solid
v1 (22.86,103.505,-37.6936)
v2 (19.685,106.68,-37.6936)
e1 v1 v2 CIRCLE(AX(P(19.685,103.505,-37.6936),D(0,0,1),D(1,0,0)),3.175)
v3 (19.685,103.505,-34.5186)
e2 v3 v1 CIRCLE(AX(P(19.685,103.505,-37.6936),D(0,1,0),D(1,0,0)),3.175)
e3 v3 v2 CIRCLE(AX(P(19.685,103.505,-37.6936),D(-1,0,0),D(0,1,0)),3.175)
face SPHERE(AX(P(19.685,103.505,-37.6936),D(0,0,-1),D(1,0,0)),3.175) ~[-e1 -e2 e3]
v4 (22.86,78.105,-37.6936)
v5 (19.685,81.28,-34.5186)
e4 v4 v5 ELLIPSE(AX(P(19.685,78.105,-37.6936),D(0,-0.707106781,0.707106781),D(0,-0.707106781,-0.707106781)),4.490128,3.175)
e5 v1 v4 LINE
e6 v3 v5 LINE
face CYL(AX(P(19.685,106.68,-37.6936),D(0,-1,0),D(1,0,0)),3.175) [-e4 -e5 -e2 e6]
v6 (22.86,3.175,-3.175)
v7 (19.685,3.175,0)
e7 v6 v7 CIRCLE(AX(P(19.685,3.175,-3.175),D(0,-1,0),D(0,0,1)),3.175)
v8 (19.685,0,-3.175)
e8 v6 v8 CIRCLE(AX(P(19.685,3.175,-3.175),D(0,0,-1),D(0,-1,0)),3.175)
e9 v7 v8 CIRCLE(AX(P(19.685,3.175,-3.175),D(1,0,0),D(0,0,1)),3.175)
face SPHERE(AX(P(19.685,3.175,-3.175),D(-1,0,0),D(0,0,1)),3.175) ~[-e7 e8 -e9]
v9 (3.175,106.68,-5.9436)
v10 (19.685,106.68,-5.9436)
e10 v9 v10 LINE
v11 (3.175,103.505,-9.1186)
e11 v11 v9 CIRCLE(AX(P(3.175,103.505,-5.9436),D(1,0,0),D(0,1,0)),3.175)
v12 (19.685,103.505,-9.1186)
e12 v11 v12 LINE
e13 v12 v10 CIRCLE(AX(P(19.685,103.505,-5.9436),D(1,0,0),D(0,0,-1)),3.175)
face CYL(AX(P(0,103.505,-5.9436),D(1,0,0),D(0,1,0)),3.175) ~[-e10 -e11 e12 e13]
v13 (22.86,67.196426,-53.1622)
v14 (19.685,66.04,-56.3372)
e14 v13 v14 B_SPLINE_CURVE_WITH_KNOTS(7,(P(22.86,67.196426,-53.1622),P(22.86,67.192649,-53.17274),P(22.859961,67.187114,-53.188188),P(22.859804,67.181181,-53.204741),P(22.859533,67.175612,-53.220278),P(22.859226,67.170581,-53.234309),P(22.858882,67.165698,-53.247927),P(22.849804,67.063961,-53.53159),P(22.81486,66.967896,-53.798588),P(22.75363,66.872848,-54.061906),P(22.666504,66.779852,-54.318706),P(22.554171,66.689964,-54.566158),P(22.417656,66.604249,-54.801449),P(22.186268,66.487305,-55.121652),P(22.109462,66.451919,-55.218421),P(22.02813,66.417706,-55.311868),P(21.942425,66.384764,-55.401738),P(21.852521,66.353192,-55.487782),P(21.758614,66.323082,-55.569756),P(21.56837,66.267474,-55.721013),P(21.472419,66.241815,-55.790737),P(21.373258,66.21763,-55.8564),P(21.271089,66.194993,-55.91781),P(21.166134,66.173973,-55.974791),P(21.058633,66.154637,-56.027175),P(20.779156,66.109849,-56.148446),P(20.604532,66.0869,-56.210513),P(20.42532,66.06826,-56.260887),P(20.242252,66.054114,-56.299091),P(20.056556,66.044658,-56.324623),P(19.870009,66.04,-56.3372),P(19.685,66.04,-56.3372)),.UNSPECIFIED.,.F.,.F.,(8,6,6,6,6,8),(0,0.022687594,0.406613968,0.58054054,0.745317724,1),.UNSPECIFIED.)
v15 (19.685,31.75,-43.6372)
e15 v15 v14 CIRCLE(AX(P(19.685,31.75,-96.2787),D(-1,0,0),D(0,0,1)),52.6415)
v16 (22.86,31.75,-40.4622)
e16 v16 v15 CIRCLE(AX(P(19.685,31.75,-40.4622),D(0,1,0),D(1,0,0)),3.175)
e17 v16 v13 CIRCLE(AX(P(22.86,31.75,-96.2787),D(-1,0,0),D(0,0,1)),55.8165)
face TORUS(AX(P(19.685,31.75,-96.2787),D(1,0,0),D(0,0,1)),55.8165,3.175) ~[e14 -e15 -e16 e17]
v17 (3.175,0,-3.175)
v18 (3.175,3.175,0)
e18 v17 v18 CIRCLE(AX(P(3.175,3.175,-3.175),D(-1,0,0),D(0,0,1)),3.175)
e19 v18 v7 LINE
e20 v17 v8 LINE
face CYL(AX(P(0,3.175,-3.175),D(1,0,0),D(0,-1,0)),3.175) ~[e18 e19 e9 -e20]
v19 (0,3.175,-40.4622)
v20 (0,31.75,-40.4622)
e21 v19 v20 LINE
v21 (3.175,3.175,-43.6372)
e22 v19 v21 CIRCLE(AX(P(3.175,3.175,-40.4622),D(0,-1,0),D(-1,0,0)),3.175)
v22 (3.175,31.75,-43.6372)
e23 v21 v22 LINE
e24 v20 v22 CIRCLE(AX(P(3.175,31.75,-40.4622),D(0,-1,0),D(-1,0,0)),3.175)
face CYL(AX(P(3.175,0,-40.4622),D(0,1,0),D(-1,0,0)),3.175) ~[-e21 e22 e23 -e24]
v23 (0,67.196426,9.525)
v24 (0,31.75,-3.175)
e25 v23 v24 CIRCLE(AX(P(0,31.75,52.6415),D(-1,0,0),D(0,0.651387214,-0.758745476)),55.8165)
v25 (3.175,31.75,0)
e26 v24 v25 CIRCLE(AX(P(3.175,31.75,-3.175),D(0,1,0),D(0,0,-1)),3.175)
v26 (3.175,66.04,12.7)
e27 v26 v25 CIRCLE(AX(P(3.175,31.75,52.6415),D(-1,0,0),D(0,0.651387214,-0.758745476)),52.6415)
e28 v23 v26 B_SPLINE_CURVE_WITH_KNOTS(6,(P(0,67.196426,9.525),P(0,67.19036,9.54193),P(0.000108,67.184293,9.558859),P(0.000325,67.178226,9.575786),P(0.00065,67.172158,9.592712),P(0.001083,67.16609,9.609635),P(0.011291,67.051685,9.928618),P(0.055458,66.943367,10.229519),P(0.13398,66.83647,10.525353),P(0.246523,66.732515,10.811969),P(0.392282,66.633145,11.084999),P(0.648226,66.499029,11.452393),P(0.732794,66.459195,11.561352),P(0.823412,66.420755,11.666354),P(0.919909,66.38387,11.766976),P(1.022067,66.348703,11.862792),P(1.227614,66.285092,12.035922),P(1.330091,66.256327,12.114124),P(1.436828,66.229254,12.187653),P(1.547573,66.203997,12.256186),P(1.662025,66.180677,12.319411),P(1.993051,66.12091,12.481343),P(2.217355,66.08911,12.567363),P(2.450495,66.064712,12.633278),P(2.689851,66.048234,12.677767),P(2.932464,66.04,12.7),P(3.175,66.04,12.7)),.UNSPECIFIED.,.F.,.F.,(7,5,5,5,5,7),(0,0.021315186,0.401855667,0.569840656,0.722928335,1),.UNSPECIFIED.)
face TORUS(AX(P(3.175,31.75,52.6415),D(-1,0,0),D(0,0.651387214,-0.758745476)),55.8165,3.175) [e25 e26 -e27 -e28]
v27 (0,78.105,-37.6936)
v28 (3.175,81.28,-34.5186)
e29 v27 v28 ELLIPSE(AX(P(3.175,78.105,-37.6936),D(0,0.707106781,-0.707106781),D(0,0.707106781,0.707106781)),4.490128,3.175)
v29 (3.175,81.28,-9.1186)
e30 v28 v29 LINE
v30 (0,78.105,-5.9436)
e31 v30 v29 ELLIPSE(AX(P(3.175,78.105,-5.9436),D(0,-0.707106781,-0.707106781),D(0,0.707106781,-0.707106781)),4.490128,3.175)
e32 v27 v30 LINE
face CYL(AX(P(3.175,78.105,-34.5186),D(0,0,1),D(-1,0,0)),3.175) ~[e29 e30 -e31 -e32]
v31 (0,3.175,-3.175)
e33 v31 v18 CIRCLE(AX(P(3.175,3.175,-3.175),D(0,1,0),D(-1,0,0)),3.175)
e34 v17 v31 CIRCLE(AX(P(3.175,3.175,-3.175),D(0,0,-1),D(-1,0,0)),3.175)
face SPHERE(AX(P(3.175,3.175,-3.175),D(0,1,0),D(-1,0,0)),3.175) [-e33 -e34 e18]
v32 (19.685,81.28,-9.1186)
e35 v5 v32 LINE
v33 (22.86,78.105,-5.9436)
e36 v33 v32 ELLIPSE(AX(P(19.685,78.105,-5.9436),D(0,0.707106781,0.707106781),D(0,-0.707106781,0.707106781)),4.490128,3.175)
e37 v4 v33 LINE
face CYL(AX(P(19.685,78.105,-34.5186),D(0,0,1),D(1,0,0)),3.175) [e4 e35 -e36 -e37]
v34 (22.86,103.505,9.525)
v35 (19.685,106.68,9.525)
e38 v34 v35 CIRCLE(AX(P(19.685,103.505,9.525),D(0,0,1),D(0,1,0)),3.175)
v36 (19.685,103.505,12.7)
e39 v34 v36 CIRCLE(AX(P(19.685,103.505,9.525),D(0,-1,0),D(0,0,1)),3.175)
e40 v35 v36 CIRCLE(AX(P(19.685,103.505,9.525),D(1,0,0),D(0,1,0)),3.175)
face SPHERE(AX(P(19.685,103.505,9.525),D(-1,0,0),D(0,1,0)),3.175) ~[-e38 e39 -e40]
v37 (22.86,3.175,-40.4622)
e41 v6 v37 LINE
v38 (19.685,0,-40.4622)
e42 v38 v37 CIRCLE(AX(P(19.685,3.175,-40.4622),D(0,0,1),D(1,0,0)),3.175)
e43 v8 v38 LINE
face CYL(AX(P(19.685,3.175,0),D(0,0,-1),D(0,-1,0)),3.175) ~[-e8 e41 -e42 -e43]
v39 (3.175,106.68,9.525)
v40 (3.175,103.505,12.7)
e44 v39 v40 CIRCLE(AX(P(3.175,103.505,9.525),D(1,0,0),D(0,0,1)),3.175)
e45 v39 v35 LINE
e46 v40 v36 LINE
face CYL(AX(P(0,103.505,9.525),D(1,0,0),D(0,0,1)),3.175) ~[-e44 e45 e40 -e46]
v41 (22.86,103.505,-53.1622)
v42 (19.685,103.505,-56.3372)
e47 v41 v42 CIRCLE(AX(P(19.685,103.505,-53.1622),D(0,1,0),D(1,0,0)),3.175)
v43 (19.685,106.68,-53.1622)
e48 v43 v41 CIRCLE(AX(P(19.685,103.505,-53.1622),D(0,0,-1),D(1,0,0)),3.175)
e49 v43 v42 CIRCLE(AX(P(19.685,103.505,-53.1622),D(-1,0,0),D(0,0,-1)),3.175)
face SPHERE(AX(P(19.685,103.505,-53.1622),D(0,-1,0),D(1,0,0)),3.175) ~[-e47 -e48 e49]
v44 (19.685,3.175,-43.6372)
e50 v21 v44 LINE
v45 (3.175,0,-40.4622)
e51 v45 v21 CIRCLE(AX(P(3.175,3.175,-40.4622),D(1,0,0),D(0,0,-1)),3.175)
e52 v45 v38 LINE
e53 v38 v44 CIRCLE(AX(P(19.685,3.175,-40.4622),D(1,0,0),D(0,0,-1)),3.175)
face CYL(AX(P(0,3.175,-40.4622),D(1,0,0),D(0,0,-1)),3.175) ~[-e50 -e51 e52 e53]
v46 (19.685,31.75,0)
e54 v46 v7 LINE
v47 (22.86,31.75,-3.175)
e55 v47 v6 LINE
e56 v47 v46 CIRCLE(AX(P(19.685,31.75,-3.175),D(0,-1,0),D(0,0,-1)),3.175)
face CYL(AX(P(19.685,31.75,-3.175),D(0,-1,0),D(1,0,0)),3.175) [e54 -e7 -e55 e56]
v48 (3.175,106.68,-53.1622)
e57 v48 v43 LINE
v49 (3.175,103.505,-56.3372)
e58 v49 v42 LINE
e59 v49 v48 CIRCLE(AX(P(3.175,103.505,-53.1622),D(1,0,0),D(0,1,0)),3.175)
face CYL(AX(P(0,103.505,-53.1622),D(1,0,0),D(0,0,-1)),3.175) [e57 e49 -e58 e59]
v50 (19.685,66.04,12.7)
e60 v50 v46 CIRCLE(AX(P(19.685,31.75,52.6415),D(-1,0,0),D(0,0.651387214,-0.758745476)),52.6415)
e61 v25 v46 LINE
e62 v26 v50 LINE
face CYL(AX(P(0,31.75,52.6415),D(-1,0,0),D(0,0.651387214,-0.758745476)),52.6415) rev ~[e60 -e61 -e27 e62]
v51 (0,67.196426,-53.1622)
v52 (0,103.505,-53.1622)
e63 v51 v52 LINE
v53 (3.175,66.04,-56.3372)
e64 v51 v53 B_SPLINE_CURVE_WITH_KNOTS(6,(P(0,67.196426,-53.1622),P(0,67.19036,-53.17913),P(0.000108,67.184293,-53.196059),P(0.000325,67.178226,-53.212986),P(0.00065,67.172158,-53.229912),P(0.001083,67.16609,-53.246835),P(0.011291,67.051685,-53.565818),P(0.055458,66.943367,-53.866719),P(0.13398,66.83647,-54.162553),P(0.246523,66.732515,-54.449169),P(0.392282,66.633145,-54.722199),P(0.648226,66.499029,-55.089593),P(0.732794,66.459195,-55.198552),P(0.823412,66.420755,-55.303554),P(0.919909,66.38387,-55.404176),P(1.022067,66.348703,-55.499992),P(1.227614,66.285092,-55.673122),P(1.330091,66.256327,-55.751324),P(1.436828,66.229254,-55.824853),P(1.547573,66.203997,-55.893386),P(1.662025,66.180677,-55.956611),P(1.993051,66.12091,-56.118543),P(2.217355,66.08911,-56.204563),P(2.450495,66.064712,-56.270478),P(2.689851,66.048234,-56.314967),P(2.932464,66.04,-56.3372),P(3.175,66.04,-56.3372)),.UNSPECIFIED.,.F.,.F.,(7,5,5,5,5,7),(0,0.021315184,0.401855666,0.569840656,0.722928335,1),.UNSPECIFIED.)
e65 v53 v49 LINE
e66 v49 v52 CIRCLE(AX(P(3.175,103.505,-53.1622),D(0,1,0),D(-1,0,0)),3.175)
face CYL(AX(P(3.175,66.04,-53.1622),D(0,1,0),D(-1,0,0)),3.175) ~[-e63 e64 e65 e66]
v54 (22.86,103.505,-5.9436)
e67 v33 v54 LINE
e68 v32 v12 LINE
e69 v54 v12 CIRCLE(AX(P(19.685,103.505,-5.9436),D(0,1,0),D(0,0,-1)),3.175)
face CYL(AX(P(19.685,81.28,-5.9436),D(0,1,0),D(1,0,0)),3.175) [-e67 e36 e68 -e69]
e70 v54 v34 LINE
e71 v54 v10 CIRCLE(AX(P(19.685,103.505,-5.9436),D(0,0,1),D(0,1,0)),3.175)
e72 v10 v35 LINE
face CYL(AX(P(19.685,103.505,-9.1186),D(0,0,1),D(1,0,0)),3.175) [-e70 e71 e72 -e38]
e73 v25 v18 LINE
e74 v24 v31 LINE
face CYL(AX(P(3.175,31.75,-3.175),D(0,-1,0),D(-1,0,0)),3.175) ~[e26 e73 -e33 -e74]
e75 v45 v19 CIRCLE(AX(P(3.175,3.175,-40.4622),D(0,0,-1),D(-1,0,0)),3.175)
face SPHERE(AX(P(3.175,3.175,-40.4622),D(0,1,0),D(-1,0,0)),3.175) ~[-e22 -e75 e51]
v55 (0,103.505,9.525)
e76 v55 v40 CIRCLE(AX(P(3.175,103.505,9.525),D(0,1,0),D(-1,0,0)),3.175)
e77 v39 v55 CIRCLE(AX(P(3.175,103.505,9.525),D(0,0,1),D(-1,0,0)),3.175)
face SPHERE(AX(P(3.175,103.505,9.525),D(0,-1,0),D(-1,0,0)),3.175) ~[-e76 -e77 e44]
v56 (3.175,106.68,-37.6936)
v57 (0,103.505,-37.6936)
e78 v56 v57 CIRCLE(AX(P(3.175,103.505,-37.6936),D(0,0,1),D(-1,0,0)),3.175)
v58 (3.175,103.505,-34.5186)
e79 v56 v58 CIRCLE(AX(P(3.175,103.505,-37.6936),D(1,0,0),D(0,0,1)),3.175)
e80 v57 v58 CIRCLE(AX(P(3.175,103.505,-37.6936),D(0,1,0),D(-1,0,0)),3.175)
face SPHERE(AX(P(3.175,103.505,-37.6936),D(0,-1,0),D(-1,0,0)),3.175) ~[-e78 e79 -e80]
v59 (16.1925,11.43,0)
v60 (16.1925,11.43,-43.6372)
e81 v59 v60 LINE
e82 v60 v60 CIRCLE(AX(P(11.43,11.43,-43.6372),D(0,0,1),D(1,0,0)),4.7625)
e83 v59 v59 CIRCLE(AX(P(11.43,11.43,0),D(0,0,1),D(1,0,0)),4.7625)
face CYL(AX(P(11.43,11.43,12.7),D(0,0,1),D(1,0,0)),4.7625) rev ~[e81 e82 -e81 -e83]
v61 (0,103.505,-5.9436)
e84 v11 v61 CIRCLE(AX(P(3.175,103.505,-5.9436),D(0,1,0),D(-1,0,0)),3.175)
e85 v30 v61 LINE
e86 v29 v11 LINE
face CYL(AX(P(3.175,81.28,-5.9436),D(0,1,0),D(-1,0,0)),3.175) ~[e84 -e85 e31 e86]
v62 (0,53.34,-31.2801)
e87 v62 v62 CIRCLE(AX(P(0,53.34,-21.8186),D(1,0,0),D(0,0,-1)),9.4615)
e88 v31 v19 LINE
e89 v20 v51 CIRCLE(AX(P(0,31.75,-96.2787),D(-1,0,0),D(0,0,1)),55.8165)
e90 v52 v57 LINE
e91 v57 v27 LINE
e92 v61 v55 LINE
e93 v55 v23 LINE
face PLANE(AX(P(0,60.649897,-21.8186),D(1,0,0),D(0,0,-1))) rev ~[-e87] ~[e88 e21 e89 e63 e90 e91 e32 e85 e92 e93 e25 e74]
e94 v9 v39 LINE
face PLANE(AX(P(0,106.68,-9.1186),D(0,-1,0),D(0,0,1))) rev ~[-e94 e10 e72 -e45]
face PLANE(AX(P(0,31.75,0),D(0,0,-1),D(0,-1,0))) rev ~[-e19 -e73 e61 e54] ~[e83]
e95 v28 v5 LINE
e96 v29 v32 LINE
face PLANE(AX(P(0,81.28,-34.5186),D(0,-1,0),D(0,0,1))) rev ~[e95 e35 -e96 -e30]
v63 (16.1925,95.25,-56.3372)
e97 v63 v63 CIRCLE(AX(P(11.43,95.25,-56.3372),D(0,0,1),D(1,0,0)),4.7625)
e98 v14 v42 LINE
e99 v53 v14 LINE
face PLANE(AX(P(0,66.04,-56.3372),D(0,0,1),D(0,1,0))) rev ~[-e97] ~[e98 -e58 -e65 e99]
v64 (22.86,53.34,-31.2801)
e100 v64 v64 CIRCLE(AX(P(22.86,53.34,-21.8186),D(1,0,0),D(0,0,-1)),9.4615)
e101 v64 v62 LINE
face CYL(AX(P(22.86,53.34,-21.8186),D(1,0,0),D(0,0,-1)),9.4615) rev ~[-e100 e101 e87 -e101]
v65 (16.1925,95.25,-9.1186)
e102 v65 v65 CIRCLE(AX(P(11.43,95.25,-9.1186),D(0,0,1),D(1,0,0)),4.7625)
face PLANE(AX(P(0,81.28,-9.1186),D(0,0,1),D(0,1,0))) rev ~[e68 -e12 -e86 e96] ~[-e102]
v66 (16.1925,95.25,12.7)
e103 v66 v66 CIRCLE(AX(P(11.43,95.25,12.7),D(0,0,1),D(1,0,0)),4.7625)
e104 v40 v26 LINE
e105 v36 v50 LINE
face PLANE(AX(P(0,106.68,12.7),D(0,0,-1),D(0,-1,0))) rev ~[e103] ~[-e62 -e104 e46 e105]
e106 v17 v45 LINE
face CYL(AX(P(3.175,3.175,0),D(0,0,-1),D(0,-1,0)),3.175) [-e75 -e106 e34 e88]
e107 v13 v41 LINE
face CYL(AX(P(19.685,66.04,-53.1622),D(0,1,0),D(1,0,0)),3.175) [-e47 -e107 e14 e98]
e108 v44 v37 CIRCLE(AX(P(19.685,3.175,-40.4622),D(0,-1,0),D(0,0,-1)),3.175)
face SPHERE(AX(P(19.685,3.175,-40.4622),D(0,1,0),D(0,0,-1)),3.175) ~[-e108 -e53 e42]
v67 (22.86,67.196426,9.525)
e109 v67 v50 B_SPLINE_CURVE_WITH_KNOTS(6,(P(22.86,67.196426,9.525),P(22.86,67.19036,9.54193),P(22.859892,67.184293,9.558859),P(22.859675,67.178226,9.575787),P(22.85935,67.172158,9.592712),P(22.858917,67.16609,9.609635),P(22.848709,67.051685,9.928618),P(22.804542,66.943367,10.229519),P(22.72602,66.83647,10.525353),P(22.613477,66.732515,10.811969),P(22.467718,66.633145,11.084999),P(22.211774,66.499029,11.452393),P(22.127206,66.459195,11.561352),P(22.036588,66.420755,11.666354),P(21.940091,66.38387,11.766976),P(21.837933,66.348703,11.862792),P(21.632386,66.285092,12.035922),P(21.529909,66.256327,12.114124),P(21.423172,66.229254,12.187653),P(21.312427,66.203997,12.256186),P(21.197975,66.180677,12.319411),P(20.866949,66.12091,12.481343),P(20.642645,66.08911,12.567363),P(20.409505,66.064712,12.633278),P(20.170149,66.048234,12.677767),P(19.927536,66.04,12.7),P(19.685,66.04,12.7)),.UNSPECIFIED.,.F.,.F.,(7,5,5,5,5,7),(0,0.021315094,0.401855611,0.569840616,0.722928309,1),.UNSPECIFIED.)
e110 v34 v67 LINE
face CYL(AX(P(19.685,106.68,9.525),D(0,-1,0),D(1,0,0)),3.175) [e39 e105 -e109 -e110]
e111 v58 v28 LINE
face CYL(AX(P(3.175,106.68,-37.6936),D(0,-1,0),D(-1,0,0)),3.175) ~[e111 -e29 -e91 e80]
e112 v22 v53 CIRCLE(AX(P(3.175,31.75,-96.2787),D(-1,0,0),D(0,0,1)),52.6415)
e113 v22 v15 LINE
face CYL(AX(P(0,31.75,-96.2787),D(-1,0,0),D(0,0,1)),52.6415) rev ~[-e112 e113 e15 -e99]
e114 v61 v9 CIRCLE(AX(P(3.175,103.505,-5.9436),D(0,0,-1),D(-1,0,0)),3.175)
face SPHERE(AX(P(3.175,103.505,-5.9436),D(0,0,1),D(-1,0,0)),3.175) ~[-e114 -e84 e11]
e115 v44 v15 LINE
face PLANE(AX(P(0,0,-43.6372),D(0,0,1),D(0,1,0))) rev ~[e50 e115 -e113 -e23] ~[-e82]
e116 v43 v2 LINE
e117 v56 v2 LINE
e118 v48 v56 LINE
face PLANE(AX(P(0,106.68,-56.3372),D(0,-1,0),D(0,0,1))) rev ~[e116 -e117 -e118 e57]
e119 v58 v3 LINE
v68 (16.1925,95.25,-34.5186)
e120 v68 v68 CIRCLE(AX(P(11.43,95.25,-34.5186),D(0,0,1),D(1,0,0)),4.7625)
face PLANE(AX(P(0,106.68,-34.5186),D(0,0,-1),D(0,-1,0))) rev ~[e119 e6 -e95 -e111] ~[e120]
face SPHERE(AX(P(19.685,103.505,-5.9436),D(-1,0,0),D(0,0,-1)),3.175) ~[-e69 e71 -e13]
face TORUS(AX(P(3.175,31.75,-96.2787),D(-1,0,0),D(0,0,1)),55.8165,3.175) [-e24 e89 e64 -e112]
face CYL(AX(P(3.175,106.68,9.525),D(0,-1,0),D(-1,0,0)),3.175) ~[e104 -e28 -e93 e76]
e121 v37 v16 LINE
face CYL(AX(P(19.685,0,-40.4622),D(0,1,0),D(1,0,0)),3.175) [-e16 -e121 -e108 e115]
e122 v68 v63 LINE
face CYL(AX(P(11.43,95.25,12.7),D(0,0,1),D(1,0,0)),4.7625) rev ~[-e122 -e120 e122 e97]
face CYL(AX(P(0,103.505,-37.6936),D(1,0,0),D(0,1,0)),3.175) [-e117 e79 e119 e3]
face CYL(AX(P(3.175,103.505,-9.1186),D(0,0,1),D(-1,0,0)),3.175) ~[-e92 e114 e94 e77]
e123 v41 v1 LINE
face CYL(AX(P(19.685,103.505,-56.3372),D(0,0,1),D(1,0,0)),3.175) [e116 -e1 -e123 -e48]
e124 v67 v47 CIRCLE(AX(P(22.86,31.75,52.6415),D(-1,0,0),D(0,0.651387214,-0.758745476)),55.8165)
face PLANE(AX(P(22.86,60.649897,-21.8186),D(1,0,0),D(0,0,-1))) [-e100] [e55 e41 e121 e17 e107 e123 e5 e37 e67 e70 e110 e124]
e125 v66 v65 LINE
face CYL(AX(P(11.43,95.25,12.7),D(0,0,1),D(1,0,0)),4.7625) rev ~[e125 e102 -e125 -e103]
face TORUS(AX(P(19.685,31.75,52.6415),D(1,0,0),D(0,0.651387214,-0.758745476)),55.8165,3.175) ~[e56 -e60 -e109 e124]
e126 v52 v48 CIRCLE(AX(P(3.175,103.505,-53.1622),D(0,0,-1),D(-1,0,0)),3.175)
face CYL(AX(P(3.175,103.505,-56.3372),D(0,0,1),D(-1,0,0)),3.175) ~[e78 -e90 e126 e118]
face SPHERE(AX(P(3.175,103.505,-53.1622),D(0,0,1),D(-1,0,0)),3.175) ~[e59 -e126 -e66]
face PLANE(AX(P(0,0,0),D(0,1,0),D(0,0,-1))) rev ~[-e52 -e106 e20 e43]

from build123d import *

# Parameters (mm, degrees)
BOSS_EXTRUDE1_DEPTH = 22.86
SKETCH2_R           = 4.7625
CUT_EXTRUDE1_DEPTH  = 70.0372
SKETCH3_R           = 9.4615
CUT_EXTRUDE2_DEPTH  = 23.86
FILLET1_R           = 3.175


with BuildPart() as part:
    # Sketch1 → Boss-Extrude1 (new body)
    with BuildSketch(Plane(origin=(0, 0, 0), x_dir=(0, 0, -1), z_dir=(1, 0, 0))):
        with BuildLine():
            Line((43.6372, 0), (43.6372, 31.75))
            ThreePointArc((43.6372, 31.75), (46.914198612, 50.033148662), (56.3372, 66.04))
            Line((56.3372, 66.04), (56.3372, 106.68))
            Line((56.3372, 106.68), (34.5186, 106.68))
            Line((34.5186, 106.68), (34.5186, 81.28))
            Line((34.5186, 81.28), (9.1186, 81.28))
            Line((9.1186, 81.28), (9.1186, 106.68))
            Line((9.1186, 106.68), (-12.7, 106.68))
            Line((-12.7, 106.68), (-12.7, 66.04))
            ThreePointArc((-12.7, 66.04), (-3.276998612, 50.033148662), (0, 31.75))
            Line((0, 31.75), (0, 0))
            Line((0, 0), (43.6372, 0))
        make_face()
    extrude(amount=BOSS_EXTRUDE1_DEPTH)

    # Sketch2 → Cut-Extrude1 (cut, through all)
    with BuildSketch(Plane.XY.offset(12.7)):
        with Locations((11.43, 95.25)):
            Circle(SKETCH2_R)
        with Locations((11.43, 11.43)):
            Circle(SKETCH2_R)
    extrude(amount=-CUT_EXTRUDE1_DEPTH, mode=Mode.SUBTRACT)

    # Sketch3 → Cut-Extrude2 (cut, through all)
    with BuildSketch(Plane(origin=(22.86, 0, 0), x_dir=(0, 0, -1), z_dir=(1, 0, 0))):
        with Locations((21.8186, 53.34)):
            Circle(SKETCH3_R)
    extrude(amount=-CUT_EXTRUDE2_DEPTH, mode=Mode.SUBTRACT)

    # Fillet1
    fillet1_edges = [part.edges().sort_by_distance(p)[0] for p in [
        (22.86, 50.033148662, -46.914198612),
        (0, 15.875, 0),
        (0, 50.033148662, 3.276998612),
        (0, 86.36, 12.7),
        (0, 106.68, 1.7907),
        (0, 93.98, -9.1186),
        (0, 81.28, -21.8186),
        (22.86, 86.36, -56.3372),
        (0, 93.98, -34.5186),
        (0, 106.68, -45.4279),
        (0, 86.36, -56.3372),
        (0, 50.033148662, -46.914198612),
        (0, 15.875, -43.6372),
        (0, 0, -21.8186),
        (22.86, 106.68, -45.4279),
        (22.86, 93.98, -34.5186),
        (11.43, 0, 0),
        (11.43, 106.68, 12.7),
        (11.43, 106.68, -9.1186),
        (11.43, 106.68, -34.5186),
        (11.43, 106.68, -56.3372),
        (11.43, 0, -43.6372),
        (22.86, 81.28, -21.8186),
        (22.86, 93.98, -9.1186),
        (22.86, 106.68, 1.7907),
        (22.86, 86.36, 12.7),
        (22.86, 50.033148662, 3.276998612),
        (22.86, 15.875, 0),
        (22.86, 0, -21.8186),
        (22.86, 15.875, -43.6372),
    ]]
    fillet(fillet1_edges, radius=FILLET1_R)


solid = part.part
